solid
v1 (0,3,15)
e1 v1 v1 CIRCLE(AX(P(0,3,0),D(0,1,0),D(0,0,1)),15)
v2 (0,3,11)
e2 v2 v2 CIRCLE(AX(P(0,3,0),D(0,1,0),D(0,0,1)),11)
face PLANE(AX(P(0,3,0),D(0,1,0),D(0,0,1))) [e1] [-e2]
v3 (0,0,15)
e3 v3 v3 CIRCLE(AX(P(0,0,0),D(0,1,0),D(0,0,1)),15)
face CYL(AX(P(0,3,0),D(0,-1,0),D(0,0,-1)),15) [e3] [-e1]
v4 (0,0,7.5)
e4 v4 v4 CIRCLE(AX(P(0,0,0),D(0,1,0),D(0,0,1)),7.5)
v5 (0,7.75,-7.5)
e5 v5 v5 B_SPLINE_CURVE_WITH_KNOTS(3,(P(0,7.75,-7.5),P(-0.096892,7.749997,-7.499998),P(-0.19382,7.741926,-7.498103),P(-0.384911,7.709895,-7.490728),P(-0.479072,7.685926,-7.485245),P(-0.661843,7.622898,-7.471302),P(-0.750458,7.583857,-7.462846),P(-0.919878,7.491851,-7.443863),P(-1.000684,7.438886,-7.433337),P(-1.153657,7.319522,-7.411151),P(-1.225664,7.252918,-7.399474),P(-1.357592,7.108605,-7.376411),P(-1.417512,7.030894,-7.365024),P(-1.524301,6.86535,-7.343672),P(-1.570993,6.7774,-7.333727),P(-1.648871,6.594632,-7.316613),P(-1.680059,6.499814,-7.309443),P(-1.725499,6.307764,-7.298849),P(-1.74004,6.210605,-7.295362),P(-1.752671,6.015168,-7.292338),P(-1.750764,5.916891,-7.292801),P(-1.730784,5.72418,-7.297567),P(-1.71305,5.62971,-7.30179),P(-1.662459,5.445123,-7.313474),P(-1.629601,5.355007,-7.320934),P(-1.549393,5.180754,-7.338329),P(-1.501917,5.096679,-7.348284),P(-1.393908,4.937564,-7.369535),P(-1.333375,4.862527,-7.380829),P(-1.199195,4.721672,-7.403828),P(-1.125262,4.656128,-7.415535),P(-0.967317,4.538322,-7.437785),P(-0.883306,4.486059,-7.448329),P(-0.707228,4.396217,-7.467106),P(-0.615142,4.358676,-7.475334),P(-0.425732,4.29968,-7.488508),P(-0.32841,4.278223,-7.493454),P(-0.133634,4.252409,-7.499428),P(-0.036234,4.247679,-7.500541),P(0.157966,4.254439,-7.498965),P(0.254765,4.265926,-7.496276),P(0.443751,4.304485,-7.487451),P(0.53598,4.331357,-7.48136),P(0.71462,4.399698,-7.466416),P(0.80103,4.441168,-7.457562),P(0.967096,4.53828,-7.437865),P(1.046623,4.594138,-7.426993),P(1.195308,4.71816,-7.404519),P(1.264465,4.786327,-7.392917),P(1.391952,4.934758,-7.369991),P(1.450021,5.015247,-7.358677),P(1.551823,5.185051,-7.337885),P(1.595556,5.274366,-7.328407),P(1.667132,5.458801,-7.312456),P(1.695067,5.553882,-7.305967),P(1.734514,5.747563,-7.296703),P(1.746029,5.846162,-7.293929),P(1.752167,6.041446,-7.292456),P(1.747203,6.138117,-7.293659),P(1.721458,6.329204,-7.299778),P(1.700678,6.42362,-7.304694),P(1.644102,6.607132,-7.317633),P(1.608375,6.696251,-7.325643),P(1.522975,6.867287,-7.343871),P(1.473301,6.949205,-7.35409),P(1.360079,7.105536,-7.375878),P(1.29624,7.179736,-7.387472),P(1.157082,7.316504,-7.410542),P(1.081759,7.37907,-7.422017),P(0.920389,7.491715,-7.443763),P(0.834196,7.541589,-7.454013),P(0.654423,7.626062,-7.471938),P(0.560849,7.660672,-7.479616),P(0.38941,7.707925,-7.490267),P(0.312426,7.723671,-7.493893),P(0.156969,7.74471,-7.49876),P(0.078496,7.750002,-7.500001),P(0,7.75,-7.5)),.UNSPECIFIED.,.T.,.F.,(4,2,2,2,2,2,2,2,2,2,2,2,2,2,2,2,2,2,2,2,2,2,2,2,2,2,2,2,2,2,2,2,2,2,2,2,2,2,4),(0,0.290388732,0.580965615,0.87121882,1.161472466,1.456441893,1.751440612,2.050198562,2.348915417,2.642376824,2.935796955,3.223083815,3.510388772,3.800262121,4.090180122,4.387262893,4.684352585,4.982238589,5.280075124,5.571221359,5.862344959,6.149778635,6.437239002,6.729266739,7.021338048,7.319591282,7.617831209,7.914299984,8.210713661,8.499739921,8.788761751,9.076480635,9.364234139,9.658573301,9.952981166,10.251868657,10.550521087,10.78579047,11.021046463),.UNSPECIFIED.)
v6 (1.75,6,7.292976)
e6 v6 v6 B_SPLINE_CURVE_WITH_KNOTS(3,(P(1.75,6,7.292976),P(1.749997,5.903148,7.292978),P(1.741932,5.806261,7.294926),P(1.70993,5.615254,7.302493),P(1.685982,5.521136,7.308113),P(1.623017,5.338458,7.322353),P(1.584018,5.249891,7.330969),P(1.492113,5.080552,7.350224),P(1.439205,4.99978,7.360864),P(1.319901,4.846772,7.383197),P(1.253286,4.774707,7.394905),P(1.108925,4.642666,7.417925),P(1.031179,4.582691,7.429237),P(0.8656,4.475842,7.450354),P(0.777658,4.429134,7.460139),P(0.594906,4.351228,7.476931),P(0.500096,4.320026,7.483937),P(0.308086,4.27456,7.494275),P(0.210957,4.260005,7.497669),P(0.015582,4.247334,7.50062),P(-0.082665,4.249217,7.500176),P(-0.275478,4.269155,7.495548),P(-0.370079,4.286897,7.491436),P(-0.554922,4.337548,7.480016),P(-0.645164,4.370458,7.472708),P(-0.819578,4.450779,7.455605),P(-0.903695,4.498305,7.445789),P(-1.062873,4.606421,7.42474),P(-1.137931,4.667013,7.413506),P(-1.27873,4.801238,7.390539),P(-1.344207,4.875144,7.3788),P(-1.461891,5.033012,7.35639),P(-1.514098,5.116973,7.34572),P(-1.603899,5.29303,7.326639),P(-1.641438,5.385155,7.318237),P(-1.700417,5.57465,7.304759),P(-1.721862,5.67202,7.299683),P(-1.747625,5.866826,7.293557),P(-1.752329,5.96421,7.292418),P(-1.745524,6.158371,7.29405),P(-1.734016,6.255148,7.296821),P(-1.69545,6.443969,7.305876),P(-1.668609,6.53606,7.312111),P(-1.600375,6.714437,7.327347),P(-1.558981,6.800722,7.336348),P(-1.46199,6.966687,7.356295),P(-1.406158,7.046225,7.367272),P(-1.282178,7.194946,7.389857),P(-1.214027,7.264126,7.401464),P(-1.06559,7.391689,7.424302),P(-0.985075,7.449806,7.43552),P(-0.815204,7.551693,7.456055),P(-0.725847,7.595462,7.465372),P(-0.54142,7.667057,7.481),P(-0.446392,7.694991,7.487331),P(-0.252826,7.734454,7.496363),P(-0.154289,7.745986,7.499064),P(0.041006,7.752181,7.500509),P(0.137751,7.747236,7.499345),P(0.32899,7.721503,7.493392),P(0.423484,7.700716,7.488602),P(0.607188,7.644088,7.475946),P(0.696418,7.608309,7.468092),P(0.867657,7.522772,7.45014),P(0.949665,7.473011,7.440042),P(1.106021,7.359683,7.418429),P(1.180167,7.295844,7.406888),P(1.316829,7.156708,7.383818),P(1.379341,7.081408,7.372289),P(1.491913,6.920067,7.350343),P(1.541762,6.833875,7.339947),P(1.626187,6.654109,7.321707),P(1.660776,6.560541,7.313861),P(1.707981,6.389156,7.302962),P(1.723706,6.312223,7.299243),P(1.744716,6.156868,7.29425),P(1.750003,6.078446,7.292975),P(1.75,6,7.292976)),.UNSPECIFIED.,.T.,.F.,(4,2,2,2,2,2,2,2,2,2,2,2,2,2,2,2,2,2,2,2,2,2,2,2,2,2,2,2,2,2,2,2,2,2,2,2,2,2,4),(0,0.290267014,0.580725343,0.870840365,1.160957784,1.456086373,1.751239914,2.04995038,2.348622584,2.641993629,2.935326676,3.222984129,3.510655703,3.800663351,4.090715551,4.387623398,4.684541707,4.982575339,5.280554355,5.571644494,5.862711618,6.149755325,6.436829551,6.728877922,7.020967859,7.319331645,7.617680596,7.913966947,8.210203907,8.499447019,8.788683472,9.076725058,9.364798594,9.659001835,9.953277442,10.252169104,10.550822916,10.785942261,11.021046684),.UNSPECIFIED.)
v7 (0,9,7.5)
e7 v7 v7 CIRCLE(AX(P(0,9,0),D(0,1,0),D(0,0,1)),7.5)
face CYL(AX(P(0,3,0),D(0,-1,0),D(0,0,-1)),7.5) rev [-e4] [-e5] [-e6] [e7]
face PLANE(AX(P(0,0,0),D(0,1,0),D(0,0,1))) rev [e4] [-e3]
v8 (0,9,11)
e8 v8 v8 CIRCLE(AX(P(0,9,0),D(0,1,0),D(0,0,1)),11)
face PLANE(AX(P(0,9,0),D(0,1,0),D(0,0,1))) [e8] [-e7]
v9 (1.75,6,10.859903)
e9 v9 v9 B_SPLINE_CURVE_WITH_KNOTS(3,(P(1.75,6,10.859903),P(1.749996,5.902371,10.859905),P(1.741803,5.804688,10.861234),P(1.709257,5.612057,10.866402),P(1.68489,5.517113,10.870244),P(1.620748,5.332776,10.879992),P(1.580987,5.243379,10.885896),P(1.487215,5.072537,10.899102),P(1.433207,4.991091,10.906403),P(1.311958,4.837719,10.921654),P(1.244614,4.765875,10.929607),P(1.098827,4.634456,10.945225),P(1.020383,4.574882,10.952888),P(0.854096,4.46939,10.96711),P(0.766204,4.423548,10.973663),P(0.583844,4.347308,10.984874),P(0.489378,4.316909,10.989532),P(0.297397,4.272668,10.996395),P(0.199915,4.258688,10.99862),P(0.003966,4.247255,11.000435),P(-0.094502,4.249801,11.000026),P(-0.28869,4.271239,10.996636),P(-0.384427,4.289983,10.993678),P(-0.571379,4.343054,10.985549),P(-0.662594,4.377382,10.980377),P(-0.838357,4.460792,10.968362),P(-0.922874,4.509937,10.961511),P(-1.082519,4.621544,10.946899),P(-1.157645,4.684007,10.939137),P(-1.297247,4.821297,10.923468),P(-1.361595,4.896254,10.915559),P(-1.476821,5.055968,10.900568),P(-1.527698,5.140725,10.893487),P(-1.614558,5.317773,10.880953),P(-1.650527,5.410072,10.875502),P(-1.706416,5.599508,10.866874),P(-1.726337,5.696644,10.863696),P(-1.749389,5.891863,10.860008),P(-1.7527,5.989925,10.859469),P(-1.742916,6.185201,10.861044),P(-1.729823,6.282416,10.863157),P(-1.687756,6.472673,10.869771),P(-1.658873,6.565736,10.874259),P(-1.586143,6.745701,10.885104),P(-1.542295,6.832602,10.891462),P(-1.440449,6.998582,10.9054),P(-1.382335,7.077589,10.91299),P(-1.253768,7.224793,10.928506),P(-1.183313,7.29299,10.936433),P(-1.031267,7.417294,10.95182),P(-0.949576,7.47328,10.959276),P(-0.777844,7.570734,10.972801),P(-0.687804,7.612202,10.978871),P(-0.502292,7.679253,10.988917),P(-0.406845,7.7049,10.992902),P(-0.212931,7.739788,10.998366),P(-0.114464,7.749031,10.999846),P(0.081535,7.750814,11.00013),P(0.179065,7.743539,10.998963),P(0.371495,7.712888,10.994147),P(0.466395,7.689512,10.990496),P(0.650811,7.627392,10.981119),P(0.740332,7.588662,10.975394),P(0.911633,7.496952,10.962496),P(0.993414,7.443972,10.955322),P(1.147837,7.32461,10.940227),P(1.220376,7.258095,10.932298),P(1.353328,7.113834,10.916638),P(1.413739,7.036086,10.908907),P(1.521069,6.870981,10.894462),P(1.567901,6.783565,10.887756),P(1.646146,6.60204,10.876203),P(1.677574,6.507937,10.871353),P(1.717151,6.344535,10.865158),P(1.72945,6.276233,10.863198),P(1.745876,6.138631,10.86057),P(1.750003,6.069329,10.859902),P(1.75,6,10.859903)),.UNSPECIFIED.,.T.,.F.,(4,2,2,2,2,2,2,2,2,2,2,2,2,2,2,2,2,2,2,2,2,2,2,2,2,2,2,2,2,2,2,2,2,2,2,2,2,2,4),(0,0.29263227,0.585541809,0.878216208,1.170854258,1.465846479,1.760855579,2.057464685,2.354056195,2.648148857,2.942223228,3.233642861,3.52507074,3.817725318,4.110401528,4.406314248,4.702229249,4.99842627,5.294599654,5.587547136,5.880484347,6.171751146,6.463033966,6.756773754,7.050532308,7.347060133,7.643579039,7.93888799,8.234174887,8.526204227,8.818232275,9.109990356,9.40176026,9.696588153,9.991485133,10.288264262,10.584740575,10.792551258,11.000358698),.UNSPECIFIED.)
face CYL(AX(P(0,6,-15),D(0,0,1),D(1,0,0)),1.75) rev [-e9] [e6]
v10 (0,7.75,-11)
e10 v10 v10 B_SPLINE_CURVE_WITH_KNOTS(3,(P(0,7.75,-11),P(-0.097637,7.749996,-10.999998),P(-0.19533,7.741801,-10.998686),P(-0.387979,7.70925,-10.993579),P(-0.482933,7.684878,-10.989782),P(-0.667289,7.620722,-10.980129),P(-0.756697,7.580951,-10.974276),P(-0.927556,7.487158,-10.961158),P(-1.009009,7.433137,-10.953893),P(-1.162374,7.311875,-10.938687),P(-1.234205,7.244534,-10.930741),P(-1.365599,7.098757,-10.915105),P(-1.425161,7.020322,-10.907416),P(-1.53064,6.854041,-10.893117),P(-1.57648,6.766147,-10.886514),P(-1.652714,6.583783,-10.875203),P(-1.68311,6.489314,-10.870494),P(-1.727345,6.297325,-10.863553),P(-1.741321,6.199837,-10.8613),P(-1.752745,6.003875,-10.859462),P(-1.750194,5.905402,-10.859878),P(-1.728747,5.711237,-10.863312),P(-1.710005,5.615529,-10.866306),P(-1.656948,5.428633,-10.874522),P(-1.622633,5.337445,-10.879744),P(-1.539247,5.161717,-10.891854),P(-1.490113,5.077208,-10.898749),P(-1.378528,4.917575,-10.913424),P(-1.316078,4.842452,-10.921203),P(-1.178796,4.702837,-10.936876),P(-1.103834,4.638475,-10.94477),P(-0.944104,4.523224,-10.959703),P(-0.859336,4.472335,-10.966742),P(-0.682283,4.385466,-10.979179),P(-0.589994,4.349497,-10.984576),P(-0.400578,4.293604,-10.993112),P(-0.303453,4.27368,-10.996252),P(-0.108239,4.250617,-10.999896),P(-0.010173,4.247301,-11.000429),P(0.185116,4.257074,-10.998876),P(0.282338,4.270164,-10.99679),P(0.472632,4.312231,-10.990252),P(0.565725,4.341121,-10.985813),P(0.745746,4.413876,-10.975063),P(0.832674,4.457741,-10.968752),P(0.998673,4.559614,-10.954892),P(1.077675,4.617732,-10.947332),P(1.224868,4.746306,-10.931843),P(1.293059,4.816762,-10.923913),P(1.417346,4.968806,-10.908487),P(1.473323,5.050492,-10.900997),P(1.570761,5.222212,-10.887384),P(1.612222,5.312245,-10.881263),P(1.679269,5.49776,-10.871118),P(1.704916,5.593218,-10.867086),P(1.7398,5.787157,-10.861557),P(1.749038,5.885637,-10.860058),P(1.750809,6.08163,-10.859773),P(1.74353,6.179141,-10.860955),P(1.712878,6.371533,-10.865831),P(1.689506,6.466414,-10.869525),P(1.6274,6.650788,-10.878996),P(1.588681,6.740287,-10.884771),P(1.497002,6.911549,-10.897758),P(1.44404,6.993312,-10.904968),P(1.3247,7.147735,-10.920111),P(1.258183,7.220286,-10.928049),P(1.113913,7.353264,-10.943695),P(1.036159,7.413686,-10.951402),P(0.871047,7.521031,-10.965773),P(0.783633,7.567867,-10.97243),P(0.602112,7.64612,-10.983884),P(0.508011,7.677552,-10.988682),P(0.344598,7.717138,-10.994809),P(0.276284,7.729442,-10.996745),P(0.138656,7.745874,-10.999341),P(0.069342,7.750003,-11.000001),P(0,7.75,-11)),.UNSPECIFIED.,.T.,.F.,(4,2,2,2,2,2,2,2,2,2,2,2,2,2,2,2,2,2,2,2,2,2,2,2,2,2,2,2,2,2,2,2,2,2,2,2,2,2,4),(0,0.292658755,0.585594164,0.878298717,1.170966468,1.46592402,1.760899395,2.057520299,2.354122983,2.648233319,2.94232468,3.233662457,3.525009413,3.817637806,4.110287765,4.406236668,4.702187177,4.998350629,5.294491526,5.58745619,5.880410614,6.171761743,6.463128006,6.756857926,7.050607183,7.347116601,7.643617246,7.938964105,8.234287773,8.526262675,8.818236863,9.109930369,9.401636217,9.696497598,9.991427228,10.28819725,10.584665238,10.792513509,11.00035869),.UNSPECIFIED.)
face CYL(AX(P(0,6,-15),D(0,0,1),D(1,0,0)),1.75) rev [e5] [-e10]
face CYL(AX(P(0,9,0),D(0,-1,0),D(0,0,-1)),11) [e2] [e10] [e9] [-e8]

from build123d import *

# Parameters (mm, degrees)
SKETCH1_R               = 15
SKETCH1_R_2             = 7.5
BOSS_EXTRUDE1_DEPTH     = 3
SKETCH2_R               = 11
SKETCH2_R_2             = 7.5
BOSS_EXTRUDE2_DEPTH     = 6
CUT_EXTRUDE1_DEPTH      = 24.043437244
CUT_EXTRUDE1_DEPTH_BACK = 24.043437244
SKETCH3_R               = 1.75


with BuildPart() as part:
    # Sketch1 → Boss-Extrude1 (new body)
    with BuildSketch(Plane(origin=(0, 0, 0), x_dir=(1, 0, 0), z_dir=(0, 1, 0))):
        with Locations(Location((0, 0, 0), (0, 0, 270))):
            Circle(SKETCH1_R)
        with Locations(Location((0, 0, 0), (0, 0, 270))):
            Circle(SKETCH1_R_2, mode=Mode.SUBTRACT)
    extrude(amount=BOSS_EXTRUDE1_DEPTH)

    # Sketch2 → Boss-Extrude2 (add)
    with BuildSketch(Plane(origin=(0, 3, 0), x_dir=(1, 0, 0), z_dir=(0, 1, 0))):
        with Locations(Location((0, 0, 0), (0, 0, 270))):
            Circle(SKETCH2_R)
        with Locations(Location((0, 0, 0), (0, 0, 270))):
            Circle(SKETCH2_R_2, mode=Mode.SUBTRACT)
    extrude(amount=BOSS_EXTRUDE2_DEPTH)

    # Sketch3 → Cut-Extrude1 (cut, two sides: drawn at the far end of the back side and taken through both)
    with BuildSketch(Plane.XY.offset(-CUT_EXTRUDE1_DEPTH_BACK)):
        with Locations((0, 6)):
            Circle(SKETCH3_R)
    extrude(amount=CUT_EXTRUDE1_DEPTH + CUT_EXTRUDE1_DEPTH_BACK, mode=Mode.SUBTRACT)


solid = part.part
